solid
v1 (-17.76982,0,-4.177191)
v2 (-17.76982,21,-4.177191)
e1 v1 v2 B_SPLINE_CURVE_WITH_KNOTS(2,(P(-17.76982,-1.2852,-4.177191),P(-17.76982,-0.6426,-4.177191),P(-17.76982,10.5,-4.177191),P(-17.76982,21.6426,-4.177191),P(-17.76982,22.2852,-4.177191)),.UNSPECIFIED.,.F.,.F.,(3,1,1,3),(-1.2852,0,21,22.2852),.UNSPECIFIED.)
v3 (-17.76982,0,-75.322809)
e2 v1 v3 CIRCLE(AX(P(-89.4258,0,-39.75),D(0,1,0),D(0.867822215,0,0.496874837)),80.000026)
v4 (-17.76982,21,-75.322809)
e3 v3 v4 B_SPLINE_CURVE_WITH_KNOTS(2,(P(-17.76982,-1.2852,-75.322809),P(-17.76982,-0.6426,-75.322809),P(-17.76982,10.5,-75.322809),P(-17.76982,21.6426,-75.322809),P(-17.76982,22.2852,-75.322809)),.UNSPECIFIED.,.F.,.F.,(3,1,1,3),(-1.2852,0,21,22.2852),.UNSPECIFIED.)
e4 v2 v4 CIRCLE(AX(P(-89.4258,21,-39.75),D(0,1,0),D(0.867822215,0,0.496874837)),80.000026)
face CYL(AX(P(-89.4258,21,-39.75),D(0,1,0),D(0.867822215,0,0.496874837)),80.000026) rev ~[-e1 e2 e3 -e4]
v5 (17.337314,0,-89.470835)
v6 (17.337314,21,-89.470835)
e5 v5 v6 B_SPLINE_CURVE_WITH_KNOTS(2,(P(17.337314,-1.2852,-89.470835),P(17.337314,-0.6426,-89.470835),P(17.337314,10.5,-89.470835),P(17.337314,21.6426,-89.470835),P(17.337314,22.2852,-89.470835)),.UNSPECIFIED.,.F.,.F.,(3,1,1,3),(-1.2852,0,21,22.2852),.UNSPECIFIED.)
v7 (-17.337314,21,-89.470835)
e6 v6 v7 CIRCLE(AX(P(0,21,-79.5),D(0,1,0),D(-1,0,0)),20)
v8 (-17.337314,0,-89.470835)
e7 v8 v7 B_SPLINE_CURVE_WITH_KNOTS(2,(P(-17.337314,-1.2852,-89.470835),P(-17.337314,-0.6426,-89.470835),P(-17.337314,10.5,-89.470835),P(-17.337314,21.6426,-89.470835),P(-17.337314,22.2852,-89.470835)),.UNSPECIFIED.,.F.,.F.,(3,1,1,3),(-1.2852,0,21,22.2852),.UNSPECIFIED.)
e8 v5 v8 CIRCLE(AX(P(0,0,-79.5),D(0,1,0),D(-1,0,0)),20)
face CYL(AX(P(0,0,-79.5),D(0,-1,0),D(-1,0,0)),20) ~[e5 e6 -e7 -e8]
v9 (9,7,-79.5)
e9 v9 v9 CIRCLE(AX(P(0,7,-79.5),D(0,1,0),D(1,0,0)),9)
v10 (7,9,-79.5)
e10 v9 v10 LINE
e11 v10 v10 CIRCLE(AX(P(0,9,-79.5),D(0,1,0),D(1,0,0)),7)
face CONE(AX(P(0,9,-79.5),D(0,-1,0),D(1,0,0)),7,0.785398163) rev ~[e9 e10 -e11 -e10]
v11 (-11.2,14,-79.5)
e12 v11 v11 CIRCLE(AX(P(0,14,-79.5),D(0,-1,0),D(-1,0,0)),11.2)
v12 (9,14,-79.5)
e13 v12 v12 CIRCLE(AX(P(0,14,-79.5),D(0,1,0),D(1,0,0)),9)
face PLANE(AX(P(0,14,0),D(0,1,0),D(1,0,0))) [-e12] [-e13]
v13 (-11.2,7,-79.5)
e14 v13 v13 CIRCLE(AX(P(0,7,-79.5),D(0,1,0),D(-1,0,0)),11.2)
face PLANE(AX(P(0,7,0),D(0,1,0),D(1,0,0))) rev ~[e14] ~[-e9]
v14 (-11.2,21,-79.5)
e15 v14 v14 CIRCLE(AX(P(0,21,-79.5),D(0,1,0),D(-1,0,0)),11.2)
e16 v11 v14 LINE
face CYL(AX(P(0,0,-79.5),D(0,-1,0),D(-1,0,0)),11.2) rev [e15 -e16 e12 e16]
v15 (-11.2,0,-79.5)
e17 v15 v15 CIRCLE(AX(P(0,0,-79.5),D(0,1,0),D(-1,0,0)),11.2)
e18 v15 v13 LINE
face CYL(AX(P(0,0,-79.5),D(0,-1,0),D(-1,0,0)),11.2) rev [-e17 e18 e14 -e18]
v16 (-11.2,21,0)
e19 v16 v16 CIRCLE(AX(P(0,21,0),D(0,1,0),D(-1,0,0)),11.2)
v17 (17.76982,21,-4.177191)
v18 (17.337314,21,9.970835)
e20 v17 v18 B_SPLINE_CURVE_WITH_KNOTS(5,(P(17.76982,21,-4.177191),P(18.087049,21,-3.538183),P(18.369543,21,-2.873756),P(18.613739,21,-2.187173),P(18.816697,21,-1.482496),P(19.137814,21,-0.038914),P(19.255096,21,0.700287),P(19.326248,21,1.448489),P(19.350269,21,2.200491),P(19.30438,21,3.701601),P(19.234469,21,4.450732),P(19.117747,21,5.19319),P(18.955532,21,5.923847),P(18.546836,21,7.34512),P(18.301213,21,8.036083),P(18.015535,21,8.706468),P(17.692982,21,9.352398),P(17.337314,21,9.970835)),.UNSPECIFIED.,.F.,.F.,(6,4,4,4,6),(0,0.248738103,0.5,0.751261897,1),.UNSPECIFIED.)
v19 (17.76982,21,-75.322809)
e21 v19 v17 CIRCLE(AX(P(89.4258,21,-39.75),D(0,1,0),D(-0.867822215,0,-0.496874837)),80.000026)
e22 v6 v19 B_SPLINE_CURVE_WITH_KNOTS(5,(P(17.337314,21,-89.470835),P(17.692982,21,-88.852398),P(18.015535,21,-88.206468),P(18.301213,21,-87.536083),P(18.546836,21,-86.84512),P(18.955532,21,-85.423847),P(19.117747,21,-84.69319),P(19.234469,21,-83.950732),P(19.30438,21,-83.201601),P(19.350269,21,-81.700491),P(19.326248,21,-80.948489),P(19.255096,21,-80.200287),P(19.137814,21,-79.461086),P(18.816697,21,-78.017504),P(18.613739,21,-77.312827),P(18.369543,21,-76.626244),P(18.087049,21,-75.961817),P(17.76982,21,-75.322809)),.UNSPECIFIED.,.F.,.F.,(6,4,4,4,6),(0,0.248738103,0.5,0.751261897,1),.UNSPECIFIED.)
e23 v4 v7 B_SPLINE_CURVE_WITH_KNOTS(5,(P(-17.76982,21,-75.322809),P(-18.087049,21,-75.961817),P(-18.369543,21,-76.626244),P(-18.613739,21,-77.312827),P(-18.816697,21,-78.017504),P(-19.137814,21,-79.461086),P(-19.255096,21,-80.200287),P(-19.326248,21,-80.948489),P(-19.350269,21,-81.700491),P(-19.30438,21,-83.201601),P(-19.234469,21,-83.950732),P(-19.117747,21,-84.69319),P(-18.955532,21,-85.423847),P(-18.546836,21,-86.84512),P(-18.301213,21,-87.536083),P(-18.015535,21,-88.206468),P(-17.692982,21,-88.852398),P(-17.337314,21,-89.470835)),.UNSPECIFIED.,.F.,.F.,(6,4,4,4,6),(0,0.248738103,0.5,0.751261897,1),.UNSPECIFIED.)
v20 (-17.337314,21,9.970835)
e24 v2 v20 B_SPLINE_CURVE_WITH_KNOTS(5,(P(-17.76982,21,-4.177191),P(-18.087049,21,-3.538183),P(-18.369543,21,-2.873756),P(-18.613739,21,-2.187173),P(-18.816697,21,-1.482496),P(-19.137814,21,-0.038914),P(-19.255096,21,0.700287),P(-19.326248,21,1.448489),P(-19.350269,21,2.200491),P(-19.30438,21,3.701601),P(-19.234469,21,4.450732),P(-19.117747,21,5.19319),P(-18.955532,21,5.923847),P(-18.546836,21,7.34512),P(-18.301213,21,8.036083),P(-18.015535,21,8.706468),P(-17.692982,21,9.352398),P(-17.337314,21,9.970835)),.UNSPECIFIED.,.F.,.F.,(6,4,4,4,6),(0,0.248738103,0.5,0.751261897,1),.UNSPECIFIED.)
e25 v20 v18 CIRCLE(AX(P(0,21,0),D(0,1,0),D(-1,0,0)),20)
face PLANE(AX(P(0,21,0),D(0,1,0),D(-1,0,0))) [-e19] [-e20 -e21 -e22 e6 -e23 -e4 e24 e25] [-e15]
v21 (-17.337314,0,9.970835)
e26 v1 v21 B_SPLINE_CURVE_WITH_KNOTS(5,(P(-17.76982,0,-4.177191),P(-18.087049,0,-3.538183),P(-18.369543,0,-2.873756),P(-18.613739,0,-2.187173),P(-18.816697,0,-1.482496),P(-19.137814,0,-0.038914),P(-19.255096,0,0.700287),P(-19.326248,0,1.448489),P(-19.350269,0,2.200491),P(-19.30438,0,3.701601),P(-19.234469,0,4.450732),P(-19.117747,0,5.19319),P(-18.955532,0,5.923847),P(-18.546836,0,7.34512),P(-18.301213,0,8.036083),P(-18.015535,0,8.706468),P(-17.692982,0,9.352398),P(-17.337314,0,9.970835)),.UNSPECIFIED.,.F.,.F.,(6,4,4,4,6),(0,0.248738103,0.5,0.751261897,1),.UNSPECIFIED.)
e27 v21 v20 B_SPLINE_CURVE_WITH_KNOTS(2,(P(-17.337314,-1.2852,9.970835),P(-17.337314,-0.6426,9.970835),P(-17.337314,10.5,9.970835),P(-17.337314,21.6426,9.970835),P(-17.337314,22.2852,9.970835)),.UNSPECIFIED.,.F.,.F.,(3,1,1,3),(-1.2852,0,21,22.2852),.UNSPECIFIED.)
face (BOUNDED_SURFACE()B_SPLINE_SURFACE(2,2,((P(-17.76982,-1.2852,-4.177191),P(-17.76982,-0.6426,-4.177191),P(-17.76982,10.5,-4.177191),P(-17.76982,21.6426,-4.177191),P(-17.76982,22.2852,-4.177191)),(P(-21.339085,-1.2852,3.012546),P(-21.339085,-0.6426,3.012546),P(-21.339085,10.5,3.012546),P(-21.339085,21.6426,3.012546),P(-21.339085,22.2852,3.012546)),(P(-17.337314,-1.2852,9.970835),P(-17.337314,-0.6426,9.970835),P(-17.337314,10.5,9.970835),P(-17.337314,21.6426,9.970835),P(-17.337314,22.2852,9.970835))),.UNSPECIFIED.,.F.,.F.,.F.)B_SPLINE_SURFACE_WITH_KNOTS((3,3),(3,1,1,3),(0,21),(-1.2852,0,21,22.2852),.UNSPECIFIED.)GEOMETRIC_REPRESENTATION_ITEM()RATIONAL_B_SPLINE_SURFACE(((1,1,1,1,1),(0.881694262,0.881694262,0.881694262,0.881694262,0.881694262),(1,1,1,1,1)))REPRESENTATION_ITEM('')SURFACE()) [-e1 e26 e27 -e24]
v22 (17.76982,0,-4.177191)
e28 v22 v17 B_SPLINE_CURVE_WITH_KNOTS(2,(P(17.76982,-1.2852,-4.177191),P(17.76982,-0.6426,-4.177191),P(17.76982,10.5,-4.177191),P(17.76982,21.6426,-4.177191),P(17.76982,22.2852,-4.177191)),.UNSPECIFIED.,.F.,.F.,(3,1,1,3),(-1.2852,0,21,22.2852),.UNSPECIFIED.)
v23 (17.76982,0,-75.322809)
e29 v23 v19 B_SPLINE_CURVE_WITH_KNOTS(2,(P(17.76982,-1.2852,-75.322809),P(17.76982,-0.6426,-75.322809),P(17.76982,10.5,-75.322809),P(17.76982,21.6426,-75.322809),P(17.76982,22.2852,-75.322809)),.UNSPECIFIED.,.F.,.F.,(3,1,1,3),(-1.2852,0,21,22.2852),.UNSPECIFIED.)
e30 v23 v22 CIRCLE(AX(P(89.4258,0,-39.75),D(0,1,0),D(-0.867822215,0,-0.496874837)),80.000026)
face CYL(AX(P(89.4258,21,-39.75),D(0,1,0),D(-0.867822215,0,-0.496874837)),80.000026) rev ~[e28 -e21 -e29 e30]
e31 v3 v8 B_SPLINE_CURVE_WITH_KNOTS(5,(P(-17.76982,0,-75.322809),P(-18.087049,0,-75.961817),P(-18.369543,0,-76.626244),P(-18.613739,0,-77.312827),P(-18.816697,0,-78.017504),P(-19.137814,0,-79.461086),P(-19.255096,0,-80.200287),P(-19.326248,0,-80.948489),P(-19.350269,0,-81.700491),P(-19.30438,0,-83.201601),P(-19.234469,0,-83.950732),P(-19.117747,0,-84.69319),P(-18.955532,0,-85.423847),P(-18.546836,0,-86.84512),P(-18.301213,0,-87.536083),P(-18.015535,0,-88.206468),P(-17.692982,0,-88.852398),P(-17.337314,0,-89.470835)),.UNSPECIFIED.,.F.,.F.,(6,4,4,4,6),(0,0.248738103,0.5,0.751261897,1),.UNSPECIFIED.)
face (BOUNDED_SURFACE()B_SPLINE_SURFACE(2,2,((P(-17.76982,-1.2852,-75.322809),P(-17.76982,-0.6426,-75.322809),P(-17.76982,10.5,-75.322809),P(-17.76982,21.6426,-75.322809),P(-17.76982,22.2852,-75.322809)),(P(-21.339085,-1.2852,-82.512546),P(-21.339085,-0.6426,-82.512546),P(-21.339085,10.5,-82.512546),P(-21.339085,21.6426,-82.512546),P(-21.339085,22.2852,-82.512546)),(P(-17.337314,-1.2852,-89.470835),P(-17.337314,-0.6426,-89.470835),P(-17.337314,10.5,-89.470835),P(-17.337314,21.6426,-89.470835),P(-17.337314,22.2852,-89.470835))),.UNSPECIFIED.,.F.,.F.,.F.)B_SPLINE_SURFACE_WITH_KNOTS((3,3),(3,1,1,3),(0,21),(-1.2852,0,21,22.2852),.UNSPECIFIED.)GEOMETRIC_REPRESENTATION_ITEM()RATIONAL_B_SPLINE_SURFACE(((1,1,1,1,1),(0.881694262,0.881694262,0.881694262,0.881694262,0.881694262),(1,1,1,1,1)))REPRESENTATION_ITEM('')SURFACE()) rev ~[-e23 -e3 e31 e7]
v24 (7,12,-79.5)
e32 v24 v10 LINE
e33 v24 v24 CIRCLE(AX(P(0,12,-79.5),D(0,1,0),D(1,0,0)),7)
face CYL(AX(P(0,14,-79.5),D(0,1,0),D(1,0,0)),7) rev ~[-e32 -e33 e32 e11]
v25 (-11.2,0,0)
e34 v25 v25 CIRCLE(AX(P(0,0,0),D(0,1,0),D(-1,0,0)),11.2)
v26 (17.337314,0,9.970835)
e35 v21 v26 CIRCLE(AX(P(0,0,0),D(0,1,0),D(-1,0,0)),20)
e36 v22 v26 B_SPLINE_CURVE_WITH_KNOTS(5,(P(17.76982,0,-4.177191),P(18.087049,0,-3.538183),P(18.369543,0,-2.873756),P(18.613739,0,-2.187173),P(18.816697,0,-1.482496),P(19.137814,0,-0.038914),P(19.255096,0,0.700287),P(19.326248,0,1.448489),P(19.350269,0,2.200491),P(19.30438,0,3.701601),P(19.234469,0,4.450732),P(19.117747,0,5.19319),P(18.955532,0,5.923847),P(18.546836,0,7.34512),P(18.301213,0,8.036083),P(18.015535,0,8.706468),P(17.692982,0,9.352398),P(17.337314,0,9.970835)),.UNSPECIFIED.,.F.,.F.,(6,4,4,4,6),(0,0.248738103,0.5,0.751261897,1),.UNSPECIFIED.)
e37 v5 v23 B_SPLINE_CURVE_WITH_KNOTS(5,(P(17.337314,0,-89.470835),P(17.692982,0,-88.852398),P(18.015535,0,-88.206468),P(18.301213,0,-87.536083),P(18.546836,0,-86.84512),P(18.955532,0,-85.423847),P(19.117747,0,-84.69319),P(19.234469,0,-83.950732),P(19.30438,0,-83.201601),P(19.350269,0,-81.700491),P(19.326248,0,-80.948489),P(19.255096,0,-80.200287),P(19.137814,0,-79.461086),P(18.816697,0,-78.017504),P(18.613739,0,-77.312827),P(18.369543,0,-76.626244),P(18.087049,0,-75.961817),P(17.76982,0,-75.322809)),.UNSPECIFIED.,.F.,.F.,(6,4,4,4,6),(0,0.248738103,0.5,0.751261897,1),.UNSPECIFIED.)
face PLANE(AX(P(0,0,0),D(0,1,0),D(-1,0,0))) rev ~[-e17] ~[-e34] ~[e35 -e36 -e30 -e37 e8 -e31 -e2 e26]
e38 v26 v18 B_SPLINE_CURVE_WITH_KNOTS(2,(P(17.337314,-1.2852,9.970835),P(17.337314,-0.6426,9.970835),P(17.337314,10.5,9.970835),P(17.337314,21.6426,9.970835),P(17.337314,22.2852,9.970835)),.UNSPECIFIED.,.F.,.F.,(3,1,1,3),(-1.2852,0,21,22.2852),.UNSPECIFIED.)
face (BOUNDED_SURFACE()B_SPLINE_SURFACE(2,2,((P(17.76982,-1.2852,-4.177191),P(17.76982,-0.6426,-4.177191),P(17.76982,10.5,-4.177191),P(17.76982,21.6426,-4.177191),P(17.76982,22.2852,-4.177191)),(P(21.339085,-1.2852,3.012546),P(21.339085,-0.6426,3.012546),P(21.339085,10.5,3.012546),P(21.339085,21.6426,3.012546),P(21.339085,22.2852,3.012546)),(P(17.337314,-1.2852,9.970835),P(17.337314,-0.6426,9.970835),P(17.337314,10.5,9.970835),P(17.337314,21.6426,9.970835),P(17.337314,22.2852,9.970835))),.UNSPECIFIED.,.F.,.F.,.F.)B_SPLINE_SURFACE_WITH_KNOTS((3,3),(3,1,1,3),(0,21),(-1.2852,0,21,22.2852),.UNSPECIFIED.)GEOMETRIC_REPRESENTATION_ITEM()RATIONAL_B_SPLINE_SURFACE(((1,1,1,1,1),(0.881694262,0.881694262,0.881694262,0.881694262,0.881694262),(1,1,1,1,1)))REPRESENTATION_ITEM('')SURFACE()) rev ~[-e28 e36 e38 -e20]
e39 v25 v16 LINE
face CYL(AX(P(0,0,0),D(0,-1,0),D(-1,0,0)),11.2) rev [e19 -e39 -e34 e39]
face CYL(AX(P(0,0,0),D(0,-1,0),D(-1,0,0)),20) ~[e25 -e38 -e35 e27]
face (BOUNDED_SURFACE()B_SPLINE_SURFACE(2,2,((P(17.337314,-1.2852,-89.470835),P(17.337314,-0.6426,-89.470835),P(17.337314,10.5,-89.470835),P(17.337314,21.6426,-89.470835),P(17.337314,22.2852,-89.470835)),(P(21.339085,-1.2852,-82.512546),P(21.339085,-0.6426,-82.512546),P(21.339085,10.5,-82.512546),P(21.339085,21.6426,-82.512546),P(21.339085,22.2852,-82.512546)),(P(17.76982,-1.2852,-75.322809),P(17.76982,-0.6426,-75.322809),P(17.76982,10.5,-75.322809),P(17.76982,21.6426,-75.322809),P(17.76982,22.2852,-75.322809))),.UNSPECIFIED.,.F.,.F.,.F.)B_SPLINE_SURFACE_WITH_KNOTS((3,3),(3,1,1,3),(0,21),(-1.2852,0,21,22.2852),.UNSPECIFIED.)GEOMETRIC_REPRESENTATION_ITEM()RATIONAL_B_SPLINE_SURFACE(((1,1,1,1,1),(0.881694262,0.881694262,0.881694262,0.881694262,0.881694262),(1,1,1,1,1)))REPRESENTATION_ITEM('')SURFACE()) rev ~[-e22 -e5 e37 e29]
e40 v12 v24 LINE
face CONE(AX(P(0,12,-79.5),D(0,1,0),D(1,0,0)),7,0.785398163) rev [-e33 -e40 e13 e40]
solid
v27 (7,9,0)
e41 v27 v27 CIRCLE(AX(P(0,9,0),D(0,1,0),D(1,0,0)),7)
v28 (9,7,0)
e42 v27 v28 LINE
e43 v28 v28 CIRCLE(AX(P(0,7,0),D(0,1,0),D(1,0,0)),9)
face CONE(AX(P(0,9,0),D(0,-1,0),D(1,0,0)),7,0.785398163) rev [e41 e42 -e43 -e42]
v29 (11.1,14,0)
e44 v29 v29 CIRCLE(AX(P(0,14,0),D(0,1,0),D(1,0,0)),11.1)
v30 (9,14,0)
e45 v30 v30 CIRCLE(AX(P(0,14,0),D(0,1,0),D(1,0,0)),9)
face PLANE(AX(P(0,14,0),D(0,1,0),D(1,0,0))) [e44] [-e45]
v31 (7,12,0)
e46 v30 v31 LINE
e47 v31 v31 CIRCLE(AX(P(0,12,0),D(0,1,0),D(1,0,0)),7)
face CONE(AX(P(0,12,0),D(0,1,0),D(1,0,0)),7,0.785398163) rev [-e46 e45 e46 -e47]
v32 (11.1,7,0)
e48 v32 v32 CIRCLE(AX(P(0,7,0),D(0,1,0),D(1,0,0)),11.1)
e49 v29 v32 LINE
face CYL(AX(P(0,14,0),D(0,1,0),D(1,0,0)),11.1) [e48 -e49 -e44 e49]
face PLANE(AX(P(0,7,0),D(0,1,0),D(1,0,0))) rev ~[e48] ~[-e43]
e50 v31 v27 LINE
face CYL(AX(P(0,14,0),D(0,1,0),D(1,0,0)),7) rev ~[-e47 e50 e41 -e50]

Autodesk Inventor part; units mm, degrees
ref_plane "YZ Plane" through (0, 0, 0) normal (1, 0, 0) x (0, 1, 0)
ref_plane "XZ Plane" through (0, 0, 0) normal (0, 1, 0) x (-1, 0, 0)
sketch "Sketch1" plane through (0, 0, 0) normal (0, 1, 0) x (-1, 0, 0)
  circle A0 centre (0, 0) radius 11.2
  circle A1 centre (0, -79.5) radius 11.2
  circle A2 centre (0, 0) radius 20
  circle A3 centre (0, -79.5) radius 20
  line L0 (20, 0) -> (20, -79.5)
  line L1 (-20, 0) -> (-20, -79.5)
  dimension "d0" = 22.4
  dimension "d1" = 22.4
  dimension "d2" = 0
  dimension "d3" = 79.5
  dimension "d4" = 40
  dimension "d5" = 40
extrude "Extrusion1" add sketch "Sketch1" along normal blind 21
ref_plane "Work Plane1" through (0, 14, 0) normal (0, 1, 0) x (1, 0, 0)
sketch "Sketch2" plane through (0, 14, 0) normal (0, 1, 0) x (1, 0, 0)
  circle A0 centre (0, 0) radius 7
  circle A1 centre (0, 79.5) radius 11.2 projected
  circle A2 centre (0, 79.5) radius 7
  circle A3 centre (0, 0) radius 11.1
  dimension "d9" = 14
  dimension "d10" = 14
extrude "Extrusion2" add sketch "Sketch2" against normal blind 7
chamfer "Chamfer1" distance 2 angle 45 4 edges at (-7, 14, 0) (-7, 14, -79.5) (-7, 7, -79.5) (-7, 7, 0)
sketch "Sketch3" plane through (0, 21, 0) normal (0, 1, 0) x (1, 0, 0)
  line L0 (-20, 79.5) -> (-20, 0) projected
  arc A0 (20, 79.5) -> (-20, 79.5) centre (0, 79.5) ccw projected
  arc A1 (-20, 0) -> (-20, 79.5) centre (-89.4258, 39.75) ccw
  line L1 (20, 0) -> (20, 79.5) projected
  arc A2 (20, 79.5) -> (20, 0) centre (89.4258, 39.75) ccw
  point P0 (0, 0)
  dimension "d16" = 80
  dimension "d17" = 80
extrude "Extrusion3" cut sketch "Sketch3" against normal blind 80
fillet "Fillet1" radius 15 4 edges at (20, 10.5, 0) (20, 10.5, -79.5) (-20, 10.5, -79.5) (-20, 10.5, 0)
equation "\"d18\" = d16"
properties part number "Distancia_Cojinetes_2"
